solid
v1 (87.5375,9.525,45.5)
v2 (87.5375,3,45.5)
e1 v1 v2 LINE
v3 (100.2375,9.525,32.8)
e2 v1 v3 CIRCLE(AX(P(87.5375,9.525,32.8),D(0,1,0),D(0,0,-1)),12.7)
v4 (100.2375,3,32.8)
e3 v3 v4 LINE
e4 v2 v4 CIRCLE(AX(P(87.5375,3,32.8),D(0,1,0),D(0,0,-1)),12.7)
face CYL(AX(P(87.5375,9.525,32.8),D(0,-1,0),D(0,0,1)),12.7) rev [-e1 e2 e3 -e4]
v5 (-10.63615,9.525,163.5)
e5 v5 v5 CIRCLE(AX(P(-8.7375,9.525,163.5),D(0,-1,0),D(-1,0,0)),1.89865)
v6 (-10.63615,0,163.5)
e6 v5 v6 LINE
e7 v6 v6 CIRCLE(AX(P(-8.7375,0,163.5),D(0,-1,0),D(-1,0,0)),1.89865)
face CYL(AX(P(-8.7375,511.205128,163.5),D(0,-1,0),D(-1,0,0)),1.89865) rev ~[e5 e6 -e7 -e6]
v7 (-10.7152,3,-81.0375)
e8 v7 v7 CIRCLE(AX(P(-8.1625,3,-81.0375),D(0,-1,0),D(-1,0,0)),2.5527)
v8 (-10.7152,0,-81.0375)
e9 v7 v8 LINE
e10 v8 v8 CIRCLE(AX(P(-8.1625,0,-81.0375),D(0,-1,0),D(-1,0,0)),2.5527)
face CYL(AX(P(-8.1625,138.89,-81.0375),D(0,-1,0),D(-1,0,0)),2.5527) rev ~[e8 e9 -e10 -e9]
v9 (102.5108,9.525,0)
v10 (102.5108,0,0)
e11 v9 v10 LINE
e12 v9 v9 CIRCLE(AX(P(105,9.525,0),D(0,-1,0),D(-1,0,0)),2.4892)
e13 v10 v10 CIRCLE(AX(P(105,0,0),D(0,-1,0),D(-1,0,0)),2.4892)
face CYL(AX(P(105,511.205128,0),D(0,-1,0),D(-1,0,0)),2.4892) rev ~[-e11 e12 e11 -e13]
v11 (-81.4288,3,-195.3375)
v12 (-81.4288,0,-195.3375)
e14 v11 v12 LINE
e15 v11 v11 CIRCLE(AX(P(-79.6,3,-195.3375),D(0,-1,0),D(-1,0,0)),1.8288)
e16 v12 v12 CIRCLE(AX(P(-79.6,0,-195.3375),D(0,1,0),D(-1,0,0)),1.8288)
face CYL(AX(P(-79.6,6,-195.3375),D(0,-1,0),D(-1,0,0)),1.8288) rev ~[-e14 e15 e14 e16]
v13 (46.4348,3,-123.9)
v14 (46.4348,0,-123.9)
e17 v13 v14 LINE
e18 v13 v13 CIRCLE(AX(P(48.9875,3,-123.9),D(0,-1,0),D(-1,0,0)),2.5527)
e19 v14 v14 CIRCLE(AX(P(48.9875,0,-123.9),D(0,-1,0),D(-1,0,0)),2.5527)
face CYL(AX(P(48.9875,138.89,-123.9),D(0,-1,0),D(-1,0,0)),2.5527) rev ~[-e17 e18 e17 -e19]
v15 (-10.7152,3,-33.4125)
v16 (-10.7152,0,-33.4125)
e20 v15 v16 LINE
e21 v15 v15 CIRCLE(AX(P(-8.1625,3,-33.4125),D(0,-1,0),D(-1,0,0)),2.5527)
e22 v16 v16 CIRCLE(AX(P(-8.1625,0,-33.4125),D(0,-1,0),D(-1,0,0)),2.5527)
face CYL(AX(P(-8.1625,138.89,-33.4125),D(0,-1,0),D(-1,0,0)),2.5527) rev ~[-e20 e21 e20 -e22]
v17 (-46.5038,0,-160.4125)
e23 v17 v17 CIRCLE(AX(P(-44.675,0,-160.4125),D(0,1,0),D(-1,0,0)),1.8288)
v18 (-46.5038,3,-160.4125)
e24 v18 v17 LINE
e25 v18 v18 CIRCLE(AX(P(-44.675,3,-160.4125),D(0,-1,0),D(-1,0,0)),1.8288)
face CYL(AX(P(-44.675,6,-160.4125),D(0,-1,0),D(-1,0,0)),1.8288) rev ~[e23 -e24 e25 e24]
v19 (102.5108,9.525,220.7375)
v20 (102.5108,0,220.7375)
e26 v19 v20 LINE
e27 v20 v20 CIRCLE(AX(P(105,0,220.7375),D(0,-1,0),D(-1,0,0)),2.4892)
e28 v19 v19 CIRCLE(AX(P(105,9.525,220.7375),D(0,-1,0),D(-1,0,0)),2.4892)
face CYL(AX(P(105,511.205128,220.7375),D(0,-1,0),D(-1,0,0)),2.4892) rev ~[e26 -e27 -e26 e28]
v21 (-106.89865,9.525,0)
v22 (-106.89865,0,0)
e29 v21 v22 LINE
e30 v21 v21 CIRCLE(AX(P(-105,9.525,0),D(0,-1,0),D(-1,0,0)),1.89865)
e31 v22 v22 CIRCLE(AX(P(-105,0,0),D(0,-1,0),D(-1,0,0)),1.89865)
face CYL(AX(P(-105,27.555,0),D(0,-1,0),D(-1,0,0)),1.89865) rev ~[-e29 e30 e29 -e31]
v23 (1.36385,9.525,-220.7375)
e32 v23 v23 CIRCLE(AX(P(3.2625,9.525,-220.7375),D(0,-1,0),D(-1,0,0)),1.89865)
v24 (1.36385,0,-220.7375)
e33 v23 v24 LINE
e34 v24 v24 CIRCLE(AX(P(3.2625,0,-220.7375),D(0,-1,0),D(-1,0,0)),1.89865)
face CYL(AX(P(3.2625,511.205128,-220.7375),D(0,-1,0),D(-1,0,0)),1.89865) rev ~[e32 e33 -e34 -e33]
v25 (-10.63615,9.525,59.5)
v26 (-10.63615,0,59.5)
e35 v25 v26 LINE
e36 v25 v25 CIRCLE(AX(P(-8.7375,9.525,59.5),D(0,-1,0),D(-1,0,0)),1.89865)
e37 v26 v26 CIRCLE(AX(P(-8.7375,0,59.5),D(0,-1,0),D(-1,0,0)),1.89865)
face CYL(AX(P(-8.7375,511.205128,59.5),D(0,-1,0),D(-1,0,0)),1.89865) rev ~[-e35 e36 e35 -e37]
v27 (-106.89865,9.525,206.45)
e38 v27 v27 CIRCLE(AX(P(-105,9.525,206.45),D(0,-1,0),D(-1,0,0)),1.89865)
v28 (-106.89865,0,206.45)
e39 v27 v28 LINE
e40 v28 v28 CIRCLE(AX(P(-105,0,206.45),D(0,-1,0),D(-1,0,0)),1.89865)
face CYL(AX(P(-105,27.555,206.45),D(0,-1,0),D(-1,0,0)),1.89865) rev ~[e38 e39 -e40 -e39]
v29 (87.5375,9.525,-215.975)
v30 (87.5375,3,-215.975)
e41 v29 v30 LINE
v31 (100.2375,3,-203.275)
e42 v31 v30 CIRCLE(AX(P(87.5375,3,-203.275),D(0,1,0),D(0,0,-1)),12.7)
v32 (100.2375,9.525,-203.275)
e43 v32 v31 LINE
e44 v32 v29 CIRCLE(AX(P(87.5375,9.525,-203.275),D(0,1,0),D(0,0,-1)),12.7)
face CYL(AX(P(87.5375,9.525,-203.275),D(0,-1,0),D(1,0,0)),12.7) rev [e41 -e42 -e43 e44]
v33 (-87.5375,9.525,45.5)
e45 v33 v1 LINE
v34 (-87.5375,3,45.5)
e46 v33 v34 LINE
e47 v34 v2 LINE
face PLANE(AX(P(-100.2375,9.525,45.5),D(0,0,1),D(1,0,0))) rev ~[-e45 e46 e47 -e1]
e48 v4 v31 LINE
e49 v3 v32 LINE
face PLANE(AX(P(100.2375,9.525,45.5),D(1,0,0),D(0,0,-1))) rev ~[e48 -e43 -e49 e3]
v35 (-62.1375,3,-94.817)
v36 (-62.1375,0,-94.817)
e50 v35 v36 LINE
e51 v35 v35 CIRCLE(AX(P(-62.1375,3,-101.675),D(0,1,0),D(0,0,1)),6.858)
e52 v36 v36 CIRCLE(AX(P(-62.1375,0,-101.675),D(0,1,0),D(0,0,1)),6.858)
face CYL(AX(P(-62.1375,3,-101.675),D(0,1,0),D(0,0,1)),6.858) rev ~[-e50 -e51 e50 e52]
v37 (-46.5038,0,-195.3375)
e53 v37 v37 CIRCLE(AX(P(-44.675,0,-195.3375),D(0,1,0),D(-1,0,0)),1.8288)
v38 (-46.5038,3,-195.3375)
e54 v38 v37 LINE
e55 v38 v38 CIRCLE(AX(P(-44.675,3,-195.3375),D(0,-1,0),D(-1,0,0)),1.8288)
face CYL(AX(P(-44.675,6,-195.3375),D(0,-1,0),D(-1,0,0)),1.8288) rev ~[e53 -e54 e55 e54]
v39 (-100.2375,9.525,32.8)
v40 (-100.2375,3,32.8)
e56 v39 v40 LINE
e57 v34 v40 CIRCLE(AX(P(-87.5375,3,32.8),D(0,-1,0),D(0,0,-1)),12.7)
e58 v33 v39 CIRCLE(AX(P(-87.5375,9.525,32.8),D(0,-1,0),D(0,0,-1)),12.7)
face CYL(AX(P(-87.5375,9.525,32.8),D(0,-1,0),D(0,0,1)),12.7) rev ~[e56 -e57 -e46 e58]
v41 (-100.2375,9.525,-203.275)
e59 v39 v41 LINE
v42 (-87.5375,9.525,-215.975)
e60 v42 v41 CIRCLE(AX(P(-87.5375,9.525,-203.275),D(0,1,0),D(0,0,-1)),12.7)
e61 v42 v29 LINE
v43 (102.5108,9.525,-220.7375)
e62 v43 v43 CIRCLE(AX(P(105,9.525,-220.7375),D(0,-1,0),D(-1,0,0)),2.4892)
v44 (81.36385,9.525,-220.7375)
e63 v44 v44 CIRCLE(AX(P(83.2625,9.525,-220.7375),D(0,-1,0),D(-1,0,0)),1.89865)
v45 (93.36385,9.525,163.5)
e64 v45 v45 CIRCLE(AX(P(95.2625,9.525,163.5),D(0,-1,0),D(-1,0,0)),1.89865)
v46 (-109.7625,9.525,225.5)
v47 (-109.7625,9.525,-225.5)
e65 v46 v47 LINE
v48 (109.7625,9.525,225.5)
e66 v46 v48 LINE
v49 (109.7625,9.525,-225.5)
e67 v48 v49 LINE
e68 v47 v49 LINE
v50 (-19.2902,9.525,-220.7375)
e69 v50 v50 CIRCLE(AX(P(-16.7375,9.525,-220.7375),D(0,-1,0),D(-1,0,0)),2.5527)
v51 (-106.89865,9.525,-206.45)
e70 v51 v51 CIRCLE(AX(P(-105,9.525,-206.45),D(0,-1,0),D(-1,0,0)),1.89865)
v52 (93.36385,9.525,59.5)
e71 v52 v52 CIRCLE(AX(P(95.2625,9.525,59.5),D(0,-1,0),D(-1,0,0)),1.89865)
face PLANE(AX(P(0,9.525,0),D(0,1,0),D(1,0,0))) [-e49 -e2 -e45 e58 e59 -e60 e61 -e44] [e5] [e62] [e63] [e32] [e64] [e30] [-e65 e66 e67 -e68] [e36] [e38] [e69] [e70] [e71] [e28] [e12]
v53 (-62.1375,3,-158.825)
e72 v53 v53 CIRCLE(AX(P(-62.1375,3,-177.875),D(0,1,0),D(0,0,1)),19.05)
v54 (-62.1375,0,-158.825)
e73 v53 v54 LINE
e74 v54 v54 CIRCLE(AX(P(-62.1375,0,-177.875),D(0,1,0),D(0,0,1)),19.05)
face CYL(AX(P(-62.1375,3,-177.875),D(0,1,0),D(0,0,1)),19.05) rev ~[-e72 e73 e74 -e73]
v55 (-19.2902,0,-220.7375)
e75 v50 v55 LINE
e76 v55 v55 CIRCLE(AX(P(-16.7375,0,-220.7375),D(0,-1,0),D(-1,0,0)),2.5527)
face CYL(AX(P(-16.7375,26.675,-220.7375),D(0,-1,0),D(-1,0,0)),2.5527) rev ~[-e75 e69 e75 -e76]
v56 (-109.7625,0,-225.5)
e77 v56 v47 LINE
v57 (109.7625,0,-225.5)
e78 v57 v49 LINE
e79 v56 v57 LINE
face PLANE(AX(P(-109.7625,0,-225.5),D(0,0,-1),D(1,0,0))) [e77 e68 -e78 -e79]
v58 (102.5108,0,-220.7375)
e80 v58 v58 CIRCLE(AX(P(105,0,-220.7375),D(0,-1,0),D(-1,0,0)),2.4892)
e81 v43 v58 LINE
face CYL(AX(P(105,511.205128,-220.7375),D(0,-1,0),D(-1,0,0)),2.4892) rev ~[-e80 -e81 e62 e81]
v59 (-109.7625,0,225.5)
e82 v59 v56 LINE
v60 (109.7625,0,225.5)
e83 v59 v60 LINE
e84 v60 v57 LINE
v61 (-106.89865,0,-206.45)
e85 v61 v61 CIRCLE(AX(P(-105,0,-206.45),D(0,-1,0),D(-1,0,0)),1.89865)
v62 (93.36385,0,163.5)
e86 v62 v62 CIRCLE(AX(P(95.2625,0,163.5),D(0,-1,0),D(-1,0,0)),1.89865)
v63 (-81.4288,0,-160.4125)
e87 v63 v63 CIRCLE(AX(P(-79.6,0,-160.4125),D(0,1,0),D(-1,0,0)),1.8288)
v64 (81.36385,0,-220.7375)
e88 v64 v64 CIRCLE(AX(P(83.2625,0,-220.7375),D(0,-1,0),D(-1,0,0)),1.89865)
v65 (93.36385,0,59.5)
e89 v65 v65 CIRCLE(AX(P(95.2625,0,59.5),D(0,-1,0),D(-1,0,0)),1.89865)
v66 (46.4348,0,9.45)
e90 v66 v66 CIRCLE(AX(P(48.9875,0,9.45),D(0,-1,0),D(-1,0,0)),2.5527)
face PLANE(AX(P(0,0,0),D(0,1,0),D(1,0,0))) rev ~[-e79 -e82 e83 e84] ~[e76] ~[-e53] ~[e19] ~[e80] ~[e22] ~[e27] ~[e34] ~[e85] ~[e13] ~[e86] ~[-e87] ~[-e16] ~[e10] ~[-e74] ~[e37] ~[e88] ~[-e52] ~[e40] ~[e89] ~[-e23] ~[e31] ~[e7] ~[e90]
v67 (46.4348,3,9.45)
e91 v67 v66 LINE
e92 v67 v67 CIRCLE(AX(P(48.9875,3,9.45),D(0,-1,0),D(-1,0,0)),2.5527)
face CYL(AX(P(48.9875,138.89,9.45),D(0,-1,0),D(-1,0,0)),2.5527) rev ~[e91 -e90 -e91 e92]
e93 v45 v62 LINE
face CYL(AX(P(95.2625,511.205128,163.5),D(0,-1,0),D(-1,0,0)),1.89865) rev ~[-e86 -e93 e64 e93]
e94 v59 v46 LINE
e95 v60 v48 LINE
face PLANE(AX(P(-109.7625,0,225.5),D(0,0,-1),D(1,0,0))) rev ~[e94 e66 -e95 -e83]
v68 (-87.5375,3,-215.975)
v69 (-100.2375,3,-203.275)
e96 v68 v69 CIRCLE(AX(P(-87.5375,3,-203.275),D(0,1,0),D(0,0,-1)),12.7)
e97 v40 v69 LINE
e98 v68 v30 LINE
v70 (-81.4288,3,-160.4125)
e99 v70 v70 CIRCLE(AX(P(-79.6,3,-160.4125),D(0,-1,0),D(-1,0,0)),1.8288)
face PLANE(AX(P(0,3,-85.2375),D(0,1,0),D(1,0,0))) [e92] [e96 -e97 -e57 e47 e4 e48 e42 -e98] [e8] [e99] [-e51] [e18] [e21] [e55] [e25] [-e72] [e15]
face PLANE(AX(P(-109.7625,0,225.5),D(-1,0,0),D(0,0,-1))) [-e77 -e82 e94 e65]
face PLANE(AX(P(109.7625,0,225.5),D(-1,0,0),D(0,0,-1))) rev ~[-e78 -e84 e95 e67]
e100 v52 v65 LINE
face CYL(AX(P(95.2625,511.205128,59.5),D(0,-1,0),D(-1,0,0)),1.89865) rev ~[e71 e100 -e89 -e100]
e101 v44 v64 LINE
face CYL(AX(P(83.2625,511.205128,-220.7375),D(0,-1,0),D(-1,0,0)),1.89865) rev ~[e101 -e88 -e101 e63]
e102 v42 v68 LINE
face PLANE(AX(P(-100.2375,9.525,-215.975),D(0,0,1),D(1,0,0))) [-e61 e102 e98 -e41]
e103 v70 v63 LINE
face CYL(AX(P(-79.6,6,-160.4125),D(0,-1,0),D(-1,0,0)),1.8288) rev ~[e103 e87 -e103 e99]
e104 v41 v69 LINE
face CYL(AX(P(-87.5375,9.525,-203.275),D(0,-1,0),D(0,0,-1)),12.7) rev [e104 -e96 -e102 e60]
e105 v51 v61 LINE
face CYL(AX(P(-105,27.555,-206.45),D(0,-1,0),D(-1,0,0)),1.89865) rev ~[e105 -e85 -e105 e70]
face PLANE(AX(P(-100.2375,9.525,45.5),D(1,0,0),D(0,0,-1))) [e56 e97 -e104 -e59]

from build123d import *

# Parameters (mm, degrees)
SKETCH1_W                   = 219.525
SKETCH1_H                   = 451
BOSS_EXTRUDE1_DEPTH         = 9.525
SKETCH2_W                   = 200.475
SKETCH2_H                   = 261.475
CUT_EXTRUDE1_DEPTH          = 6.525
FILLET1_R                   = 12.7
F_10_24_TAPPED_HOLE3_D      = 3.7973
F_10_24_TAPPED_HOLE1_D      = 3.7973
SKETCH9_R                   = 19.05
CUT_EXTRUDE2_DEPTH          = 4
F_6_CLEARANCE_HOLE1_D       = 3.6576
F_6_CLEARANCE_HOLE1_DEPTH   = 3
F_6_CLEARANCE_HOLE1_TIP     = 1.0988539
SKETCH12_R                  = 6.858
CUT_EXTRUDE3_DEPTH          = 4
F_10_CLEARANCE_HOLE1_D      = 4.9784
F_10_24_TAPPED_HOLE4_D      = 3.7973
F_10_24_TAPPED_HOLE4_DEPTH  = 18.03
F_10_24_TAPPED_HOLE4_TIP    = 1.140824014
F_10_CLEARANCE_HOLE2_D      = 5.1054
F_10_CLEARANCE_HOLE2_DEPTH  = 135.89
F_10_CLEARANCE_HOLE2_TIP    = 1.533816902
F_1_4_20_TAPPED_HOLE1_D     = 5.1054
F_1_4_20_TAPPED_HOLE1_DEPTH = 17.15
F_1_4_20_TAPPED_HOLE1_TIP   = 1.533816902


with BuildPart() as part:
    # Sketch1 → Boss-Extrude1 (new body)
    with BuildSketch(Plane(origin=(0, 0, 0), x_dir=(1, 0, 0), z_dir=(0, 1, 0))):
        Rectangle(SKETCH1_W, SKETCH1_H)
    extrude(amount=BOSS_EXTRUDE1_DEPTH)

    # Sketch2 → Cut-Extrude1 (cut)
    with BuildSketch(Plane(origin=(0, 9.525, 0), x_dir=(1, 0, 0), z_dir=(0, 1, 0))):
        with Locations((0, 85.2375)):
            Rectangle(SKETCH2_W, SKETCH2_H)
    extrude(amount=-CUT_EXTRUDE1_DEPTH, mode=Mode.SUBTRACT)

    # Fillet1
    fillet1_edges = [part.edges().sort_by_distance(p)[0] for p in [
        (-100.2375, 6.2625, -215.975),
        (100.2375, 6.2625, -215.975),
        (100.2375, 6.2625, 45.5),
        (-100.2375, 6.2625, 45.5),
    ]]
    fillet(fillet1_edges, radius=FILLET1_R)

    # #10-24 Tapped Hole3 (through all)
    with Locations(Plane(origin=(0, 9.525, 0), x_dir=(1, 0, 0), z_dir=(0, 1, 0))):
        with Locations((-8.7375, -59.5), (95.2625, -59.5), (-8.7375, -163.5), (95.2625, -163.5)):
            Hole(F_10_24_TAPPED_HOLE3_D / 2)

    # #10-24 Tapped Hole1 (through all)
    with Locations(Plane(origin=(0, 9.525, 0), x_dir=(1, 0, 0), z_dir=(0, 1, 0))):
        with Locations((83.2625, 220.7375), (3.2625, 220.7375)):
            Hole(F_10_24_TAPPED_HOLE1_D / 2)

    # Sketch9 → Cut-Extrude2 (cut, through all)
    with BuildSketch(Plane(origin=(0, 3, 0), x_dir=(1, 0, 0), z_dir=(0, 1, 0))):
        with Locations(Location((-62.1375, 177.875, 0), (0, 0, 270))):  # turned: the seam where the file's is
            Circle(SKETCH9_R)
    extrude(amount=-CUT_EXTRUDE2_DEPTH, mode=Mode.SUBTRACT)

    # #6 Clearance Hole1
    with Locations(Plane(origin=(0, 3, 0), x_dir=(1, 0, 0), z_dir=(0, 1, 0))):
        with Locations((-44.675, 195.3375), (-62.1375, 177.875), (-44.675, 160.4125), (-79.6, 160.4125), (-79.6, 195.3375)):
            Hole(F_6_CLEARANCE_HOLE1_D / 2, depth=F_6_CLEARANCE_HOLE1_DEPTH)
            with Locations((0, 0, -(F_6_CLEARANCE_HOLE1_DEPTH + F_6_CLEARANCE_HOLE1_TIP / 2))):  # 118° drill point
                Cone(0, F_6_CLEARANCE_HOLE1_D / 2, F_6_CLEARANCE_HOLE1_TIP, mode=Mode.SUBTRACT)

    # Sketch12 → Cut-Extrude3 (cut, through all)
    with BuildSketch(Plane(origin=(0, 3, 0), x_dir=(1, 0, 0), z_dir=(0, 1, 0))):
        with Locations(Location((-62.1375, 101.675, 0), (0, 0, 270))):  # turned: the seam where the file's is
            Circle(SKETCH12_R)
    extrude(amount=-CUT_EXTRUDE3_DEPTH, mode=Mode.SUBTRACT)

    # #10 Clearance Hole1 (through all)
    with Locations(Plane(origin=(0, 9.525, 0), x_dir=(1, 0, 0), z_dir=(0, 1, 0))):
        with Locations((105, 220.7375), (105, 0), (105, -220.7375)):
            Hole(F_10_CLEARANCE_HOLE1_D / 2)

    # #10-24 Tapped Hole4
    with Locations(Plane(origin=(0, 9.525, 0), x_dir=(1, 0, 0), z_dir=(0, 1, 0))):
        with Locations((-105, 206.45), (-105, 0), (-105, -206.45)):
            Hole(F_10_24_TAPPED_HOLE4_D / 2, depth=F_10_24_TAPPED_HOLE4_DEPTH)
            with Locations((0, 0, -(F_10_24_TAPPED_HOLE4_DEPTH + F_10_24_TAPPED_HOLE4_TIP / 2))):  # 118° drill point
                Cone(0, F_10_24_TAPPED_HOLE4_D / 2, F_10_24_TAPPED_HOLE4_TIP, mode=Mode.SUBTRACT)

    # #10 Clearance Hole2
    with Locations(Plane(origin=(0, 3, 0), x_dir=(1, 0, 0), z_dir=(0, 1, 0))):
        with Locations((-8.1625, 81.0375), (-8.1625, 33.4125), (48.9875, 123.9), (48.9875, -9.45)):
            Hole(F_10_CLEARANCE_HOLE2_D / 2, depth=F_10_CLEARANCE_HOLE2_DEPTH)
            with Locations((0, 0, -(F_10_CLEARANCE_HOLE2_DEPTH + F_10_CLEARANCE_HOLE2_TIP / 2))):  # 118° drill point
                Cone(0, F_10_CLEARANCE_HOLE2_D / 2, F_10_CLEARANCE_HOLE2_TIP, mode=Mode.SUBTRACT)

    # 1/4-20 Tapped Hole1
    with Locations(Plane(origin=(0, 9.525, 0), x_dir=(1, 0, 0), z_dir=(0, 1, 0))):
        with Locations((-16.7375, 220.7375)):
            Hole(F_1_4_20_TAPPED_HOLE1_D / 2, depth=F_1_4_20_TAPPED_HOLE1_DEPTH)
            with Locations((0, 0, -(F_1_4_20_TAPPED_HOLE1_DEPTH + F_1_4_20_TAPPED_HOLE1_TIP / 2))):  # 118° drill point
                Cone(0, F_1_4_20_TAPPED_HOLE1_D / 2, F_1_4_20_TAPPED_HOLE1_TIP, mode=Mode.SUBTRACT)


solid = part.part
